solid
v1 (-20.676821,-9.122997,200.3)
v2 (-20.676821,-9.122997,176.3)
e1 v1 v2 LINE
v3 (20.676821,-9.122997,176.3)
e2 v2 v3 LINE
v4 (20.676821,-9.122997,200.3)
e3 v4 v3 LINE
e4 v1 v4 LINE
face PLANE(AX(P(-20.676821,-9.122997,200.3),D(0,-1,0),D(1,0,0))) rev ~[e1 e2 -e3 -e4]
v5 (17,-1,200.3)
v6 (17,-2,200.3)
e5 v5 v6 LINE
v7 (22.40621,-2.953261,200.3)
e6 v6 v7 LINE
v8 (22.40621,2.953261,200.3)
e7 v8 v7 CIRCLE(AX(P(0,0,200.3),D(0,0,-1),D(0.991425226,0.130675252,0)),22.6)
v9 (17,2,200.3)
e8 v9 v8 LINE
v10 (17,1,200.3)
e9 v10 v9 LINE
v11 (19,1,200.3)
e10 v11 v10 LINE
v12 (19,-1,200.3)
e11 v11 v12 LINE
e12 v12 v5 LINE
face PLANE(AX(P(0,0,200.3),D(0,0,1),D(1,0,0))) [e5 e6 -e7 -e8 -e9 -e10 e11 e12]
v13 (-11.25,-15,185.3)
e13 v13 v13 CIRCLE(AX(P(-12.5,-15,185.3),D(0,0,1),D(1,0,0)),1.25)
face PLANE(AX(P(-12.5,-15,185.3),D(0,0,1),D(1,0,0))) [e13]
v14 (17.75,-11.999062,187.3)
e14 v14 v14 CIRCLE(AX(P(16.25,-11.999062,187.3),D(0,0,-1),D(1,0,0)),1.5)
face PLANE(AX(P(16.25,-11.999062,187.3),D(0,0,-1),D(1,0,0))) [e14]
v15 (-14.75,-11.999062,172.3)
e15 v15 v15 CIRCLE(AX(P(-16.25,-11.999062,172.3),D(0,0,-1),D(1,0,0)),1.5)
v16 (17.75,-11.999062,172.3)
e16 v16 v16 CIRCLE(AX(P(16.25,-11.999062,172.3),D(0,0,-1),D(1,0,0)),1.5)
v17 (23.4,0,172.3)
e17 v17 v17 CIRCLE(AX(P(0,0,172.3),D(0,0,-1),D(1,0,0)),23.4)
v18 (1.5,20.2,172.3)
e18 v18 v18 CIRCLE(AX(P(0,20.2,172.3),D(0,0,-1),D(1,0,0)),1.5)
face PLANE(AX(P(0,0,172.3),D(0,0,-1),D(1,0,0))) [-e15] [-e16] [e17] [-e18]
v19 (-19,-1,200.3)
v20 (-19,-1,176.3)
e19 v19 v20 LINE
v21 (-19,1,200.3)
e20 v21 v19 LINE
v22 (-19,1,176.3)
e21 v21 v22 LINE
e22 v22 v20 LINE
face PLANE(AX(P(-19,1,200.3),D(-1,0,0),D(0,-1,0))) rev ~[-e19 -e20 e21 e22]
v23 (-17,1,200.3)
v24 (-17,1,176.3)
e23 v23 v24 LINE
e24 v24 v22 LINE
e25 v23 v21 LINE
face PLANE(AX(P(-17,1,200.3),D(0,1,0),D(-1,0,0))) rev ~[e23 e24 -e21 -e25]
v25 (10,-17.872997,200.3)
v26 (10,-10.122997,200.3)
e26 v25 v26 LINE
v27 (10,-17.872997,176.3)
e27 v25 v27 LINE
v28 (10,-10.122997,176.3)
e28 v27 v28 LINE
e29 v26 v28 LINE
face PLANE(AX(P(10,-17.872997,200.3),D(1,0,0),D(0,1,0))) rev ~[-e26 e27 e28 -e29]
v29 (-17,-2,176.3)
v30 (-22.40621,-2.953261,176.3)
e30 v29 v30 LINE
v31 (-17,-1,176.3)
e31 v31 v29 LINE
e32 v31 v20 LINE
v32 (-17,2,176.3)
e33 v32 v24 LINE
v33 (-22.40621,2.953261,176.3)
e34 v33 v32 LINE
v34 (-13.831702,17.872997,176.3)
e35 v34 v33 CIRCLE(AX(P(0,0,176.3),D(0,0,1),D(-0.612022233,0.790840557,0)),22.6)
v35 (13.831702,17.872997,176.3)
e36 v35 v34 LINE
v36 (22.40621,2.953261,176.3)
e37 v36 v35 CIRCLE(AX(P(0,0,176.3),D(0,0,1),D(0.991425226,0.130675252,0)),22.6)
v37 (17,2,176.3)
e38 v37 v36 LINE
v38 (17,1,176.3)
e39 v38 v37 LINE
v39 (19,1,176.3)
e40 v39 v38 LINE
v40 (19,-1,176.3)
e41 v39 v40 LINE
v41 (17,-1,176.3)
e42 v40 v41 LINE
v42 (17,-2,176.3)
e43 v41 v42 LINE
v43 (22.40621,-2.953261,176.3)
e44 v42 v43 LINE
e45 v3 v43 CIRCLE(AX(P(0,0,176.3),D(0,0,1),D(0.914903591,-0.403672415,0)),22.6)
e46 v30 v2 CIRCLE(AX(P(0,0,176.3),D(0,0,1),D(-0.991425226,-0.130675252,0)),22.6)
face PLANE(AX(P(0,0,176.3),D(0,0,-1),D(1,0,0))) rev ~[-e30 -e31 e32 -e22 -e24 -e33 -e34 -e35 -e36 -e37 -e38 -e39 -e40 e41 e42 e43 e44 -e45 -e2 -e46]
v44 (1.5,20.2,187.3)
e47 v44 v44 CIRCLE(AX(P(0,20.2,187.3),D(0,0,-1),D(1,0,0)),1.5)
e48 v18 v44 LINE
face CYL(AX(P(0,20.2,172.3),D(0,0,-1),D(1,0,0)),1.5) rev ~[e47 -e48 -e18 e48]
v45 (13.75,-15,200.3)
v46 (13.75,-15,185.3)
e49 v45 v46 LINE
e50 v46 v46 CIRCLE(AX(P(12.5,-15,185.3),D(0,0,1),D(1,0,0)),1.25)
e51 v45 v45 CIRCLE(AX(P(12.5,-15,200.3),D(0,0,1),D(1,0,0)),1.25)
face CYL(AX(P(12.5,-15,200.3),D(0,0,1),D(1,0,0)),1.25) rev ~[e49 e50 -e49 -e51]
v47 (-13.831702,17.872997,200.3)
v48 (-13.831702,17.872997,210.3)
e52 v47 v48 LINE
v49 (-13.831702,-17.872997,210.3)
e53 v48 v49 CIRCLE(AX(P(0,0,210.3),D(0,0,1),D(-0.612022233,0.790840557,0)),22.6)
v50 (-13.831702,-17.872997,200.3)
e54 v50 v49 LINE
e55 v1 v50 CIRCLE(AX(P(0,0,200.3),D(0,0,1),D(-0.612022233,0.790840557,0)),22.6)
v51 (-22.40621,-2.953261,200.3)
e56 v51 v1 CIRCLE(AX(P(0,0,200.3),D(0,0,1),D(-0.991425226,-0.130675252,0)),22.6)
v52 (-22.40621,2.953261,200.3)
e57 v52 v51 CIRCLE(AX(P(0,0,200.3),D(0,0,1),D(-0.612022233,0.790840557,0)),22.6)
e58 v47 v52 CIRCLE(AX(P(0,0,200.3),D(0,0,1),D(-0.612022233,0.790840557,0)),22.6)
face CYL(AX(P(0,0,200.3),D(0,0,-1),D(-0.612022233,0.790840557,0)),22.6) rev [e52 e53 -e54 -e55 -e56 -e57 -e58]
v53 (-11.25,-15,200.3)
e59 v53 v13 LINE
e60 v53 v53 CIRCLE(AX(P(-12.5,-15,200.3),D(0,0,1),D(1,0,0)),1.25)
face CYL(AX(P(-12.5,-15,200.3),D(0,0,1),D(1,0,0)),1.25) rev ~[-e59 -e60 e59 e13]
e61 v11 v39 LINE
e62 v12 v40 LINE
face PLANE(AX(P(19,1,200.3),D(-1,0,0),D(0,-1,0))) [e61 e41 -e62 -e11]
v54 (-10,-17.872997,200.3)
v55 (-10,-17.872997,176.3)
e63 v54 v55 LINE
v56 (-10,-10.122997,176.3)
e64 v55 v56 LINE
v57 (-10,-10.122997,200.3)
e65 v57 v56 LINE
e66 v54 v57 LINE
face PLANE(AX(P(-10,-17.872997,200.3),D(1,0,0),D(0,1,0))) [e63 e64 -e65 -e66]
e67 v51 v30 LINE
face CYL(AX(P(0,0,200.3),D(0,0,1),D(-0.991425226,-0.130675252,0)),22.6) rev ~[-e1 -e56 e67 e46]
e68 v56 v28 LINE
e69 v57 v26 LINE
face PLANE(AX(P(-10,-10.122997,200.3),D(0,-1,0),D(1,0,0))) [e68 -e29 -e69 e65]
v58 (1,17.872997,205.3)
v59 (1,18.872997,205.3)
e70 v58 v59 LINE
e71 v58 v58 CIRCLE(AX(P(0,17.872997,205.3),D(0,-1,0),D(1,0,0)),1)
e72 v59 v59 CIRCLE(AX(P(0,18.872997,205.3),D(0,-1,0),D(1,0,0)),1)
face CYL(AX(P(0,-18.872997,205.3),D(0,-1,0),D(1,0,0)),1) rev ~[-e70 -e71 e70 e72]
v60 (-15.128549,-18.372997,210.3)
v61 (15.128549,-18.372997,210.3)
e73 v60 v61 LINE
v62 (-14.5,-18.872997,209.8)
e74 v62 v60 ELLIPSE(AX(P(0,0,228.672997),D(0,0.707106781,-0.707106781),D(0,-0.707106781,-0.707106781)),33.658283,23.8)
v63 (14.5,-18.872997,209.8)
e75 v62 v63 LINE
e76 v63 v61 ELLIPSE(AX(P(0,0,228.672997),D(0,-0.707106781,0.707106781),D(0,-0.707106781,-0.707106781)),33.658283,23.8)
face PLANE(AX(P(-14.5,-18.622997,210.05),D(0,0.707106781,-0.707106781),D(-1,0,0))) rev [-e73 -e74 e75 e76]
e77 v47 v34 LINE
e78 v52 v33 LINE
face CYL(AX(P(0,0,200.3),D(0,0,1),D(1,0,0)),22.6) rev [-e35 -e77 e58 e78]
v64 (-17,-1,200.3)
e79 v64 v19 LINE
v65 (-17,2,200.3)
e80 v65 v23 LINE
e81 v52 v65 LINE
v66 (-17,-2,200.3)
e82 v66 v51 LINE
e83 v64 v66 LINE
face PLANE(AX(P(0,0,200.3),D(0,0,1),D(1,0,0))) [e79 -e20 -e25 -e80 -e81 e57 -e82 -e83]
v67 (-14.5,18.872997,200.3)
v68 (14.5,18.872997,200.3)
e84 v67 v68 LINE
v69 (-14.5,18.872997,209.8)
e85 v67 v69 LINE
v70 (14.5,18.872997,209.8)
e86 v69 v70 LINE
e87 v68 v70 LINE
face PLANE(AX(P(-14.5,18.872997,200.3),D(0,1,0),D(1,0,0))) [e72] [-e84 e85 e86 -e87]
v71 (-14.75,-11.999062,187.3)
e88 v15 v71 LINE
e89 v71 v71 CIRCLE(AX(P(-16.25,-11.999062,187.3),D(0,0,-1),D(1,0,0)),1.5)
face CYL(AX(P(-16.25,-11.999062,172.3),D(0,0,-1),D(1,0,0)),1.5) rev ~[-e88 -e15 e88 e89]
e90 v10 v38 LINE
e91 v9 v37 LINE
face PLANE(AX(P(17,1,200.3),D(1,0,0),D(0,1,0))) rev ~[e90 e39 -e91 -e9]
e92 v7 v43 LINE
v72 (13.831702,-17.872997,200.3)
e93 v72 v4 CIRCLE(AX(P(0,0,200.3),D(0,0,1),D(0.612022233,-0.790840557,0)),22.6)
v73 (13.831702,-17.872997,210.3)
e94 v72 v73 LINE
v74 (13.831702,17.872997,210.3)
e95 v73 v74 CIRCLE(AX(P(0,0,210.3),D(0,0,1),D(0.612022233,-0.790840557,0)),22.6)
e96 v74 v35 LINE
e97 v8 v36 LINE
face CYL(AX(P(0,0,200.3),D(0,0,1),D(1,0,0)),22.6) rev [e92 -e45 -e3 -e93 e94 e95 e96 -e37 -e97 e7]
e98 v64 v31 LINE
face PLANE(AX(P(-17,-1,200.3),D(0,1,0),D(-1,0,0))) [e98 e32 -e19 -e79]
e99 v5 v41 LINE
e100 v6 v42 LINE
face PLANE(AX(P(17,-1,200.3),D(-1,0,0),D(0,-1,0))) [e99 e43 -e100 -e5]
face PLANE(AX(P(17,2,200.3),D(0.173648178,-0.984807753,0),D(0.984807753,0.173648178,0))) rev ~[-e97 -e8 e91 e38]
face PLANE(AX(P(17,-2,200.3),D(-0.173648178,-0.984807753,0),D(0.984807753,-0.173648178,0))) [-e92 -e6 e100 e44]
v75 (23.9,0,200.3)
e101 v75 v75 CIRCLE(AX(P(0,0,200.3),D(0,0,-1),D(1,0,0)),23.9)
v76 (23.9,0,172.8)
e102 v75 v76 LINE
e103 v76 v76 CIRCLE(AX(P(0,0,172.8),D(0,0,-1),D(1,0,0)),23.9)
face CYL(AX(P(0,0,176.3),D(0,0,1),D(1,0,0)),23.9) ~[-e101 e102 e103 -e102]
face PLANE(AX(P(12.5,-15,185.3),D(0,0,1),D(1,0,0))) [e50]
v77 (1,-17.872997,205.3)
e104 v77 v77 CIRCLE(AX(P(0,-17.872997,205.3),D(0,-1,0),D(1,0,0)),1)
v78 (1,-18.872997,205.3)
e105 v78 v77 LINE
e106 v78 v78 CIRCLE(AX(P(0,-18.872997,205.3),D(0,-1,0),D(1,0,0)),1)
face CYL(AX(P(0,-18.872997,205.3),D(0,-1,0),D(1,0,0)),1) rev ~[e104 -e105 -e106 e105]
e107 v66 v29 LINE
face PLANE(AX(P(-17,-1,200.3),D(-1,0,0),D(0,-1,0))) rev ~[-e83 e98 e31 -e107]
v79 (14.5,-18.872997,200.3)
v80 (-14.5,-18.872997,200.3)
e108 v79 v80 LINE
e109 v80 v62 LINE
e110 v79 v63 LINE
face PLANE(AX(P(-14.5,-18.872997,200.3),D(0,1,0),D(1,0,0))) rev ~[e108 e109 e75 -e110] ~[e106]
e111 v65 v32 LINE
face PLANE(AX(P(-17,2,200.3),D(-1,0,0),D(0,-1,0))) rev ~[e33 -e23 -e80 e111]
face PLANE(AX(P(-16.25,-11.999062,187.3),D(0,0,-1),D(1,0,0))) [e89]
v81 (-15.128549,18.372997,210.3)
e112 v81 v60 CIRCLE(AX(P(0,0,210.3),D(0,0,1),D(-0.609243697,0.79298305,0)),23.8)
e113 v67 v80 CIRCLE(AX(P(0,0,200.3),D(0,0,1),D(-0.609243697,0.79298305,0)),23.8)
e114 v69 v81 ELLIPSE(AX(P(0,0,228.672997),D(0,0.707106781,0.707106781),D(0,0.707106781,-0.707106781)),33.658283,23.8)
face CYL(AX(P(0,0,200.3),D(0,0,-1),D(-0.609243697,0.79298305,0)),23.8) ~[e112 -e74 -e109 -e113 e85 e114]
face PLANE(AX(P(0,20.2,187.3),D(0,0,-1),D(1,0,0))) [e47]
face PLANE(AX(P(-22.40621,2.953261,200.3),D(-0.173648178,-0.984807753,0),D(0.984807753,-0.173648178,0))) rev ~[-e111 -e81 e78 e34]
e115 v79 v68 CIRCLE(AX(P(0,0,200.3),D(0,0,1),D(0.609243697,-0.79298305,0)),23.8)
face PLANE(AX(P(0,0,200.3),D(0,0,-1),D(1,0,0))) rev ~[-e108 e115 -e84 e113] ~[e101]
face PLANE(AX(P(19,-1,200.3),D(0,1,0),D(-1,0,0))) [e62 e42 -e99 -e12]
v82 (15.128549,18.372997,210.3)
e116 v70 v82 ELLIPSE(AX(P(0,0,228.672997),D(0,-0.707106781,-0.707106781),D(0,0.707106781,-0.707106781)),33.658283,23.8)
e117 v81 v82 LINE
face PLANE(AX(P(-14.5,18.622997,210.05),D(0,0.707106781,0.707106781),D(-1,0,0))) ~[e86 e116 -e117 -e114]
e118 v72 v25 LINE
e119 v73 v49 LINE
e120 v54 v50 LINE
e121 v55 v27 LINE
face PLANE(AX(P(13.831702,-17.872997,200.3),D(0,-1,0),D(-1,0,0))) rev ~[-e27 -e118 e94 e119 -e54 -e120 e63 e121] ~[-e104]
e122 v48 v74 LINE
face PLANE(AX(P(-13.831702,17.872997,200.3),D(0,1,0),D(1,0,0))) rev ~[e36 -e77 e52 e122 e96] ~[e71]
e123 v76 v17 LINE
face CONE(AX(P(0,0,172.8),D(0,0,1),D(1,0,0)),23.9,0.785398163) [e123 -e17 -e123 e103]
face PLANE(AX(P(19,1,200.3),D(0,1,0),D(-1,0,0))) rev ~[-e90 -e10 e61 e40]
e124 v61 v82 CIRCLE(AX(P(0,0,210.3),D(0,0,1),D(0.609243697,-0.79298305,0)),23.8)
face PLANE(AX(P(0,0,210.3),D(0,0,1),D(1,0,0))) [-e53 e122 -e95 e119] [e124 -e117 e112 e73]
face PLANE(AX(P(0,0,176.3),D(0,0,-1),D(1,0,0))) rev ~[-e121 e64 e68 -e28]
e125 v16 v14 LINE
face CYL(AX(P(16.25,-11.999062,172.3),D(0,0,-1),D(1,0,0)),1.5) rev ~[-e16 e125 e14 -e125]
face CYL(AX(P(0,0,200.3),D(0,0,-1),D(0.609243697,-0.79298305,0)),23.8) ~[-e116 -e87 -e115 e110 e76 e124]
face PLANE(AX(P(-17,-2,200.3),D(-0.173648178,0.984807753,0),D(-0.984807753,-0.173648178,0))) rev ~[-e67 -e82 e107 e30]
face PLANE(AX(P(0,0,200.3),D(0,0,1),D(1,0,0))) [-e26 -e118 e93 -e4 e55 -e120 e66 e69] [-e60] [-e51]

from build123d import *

# Parameters (mm, degrees)
PAD022_DEPTH    = 10
CHAMFER009_SIZE = 0.5
SKETCH040_R     = 23.9
SKETCH040_R_2   = 22.6
PAD023_DEPTH    = 24
SKETCH041_R     = 23.5
SKETCH041_W     = 20
SKETCH041_H     = 7.75
PAD024_DEPTH    = 24
SKETCH042_R     = 23.9
PAD025_DEPTH    = 4
CHAMFER010_SIZE = 0.5
SKETCH043_R     = 1.5
POCKET013_DEPTH = 15
SKETCH044_R     = 1
POCKET014_DEPTH = 100
SKETCH045_R     = 1.25
POCKET015_DEPTH = 15


with BuildPart() as part:
    # Sketch039 → Pad022 (new body)
    with BuildSketch(Plane.XY):
        with BuildLine():
            ThreePointArc((-14.5, 18.8729965824), (-23.8, 0), (-14.5, -18.8729965824))
            Line((-14.5, -18.8729965824), (14.5, -18.8729965824))
            ThreePointArc((14.5, -18.8729965824), (23.8, 0), (14.5, 18.8729965824))
            Line((-14.5, 18.8729965824), (14.5, 18.8729965824))
        make_face()
        with BuildLine():
            ThreePointArc((-13.8317024681, 17.8729965824), (-22.6, 0), (-13.8317024681, -17.8729965824))
            Line((13.8317024681, -17.8729965824), (-13.8317024681, -17.8729965824))
            ThreePointArc((13.8317024681, -17.8729965824), (22.6, 0), (13.8317024681, 17.8729965824))
            Line((-13.8317024681, 17.8729965824), (13.8317024681, 17.8729965824))
        make_face(mode=Mode.SUBTRACT)
    extrude(amount=PAD022_DEPTH)

    # Chamfer009
    chamfer009_edges = [part.edges().sort_by_distance(p)[0] for p in [
        (0, -18.872997, 10),
        (0, 18.872997, 10),
    ]]
    chamfer(chamfer009_edges, length=CHAMFER009_SIZE)

    # Sketch040 (on Face4 of Chamfer009) → Pad023 (join)
    with BuildSketch(Plane(origin=(0, 0, 0), x_dir=(1, 0, 0), z_dir=(0, 0, -1))):
        Circle(SKETCH040_R)
        Circle(SKETCH040_R_2, mode=Mode.SUBTRACT)
    extrude(amount=PAD023_DEPTH)

    # Sketch041 (on Face4 of Pad023) → Pad024 (join)
    with BuildSketch(Plane.XY):
        Circle(SKETCH041_R)
        with BuildLine():
            Line((-22.4062101037, 2.9532607047), (-17, 2))
            Line((-17, 2), (-17, 1))
            Line((-17, 1), (-19, 1))
            Line((-19, 1), (-19, -1))
            Line((-17, -1), (-19, -1))
            Line((-17, -1), (-17, -2))
            Line((-17, -2), (-22.4062101037, -2.9532607047))
            ThreePointArc((-22.4062101037, -2.9532607047), (-21.7612799705, -6.099729014), (-20.6768211618, -9.1229965824))
            Line((-20.6768211618, -9.1229965824), (20.6768211618, -9.1229965824))
            ThreePointArc((20.6768211618, -9.1229965824), (21.7612799705, -6.099729014), (22.4062101037, -2.9532607047))
            Line((17, -2), (22.4062101037, -2.9532607047))
            Line((17, -1), (17, -2))
            Line((19, -1), (17, -1))
            Line((19, 1), (19, -1))
            Line((19, 1), (17, 1))
            Line((17, 1), (17, 2))
            Line((17, 2), (22.4062101037, 2.9532607047))
            ThreePointArc((22.4062101037, 2.9532607047), (19.5945453266, 11.2611630592), (13.8317024681, 17.8729965824))
            Line((13.8317024681, 17.8729965824), (-13.8317024681, 17.8729965824))
            ThreePointArc((-13.8317024681, 17.8729965824), (-19.5945453266, 11.2611630592), (-22.4062101037, 2.9532607047))
        make_face(mode=Mode.SUBTRACT)
        with Locations((0, -13.9979965824)):
            Rectangle(SKETCH041_W, SKETCH041_H, mode=Mode.SUBTRACT)
    extrude(amount=-PAD024_DEPTH)

    # Sketch042 (on Face49 of Pad024) → Pad025 (join)
    with BuildSketch(Plane(origin=(0, 0, -24), x_dir=(1, 0, 0), z_dir=(0, 0, -1))):
        Circle(SKETCH042_R)
    extrude(amount=PAD025_DEPTH)

    # Chamfer010
    chamfer010_edges = [part.edges().sort_by_distance(p)[0] for p in [
        (-23.9, 0, -28),
    ]]
    chamfer(chamfer010_edges, length=CHAMFER010_SIZE)

    # Sketch043 (on Face4 of Chamfer010) → Pocket013 (cut)
    with BuildSketch(Plane(origin=(0, 0, -28), x_dir=(1, 0, 0), z_dir=(0, 0, -1))):
        with Locations((-16.25, 11.9990624634)):
            Circle(SKETCH043_R)
        with Locations((16.25, 11.9990624634)):
            Circle(SKETCH043_R)
        with Locations((0, -20.2)):
            Circle(SKETCH043_R)
    extrude(amount=-POCKET013_DEPTH, mode=Mode.SUBTRACT)

    # Sketch044 (on Face9 of Pocket013) → Pocket014 (cut)
    with BuildSketch(Plane.XZ.offset(18.8729965824)):
        with Locations((0, 5)):
            Circle(SKETCH044_R)
    extrude(amount=-POCKET014_DEPTH, mode=Mode.SUBTRACT)

    # Sketch045 (on Face29 of Pocket014) → Pocket015 (cut)
    with BuildSketch(Plane.XY):
        with Locations((12.5, -15)):
            Circle(SKETCH045_R)
        with Locations((-12.5, -15)):
            Circle(SKETCH045_R)
    extrude(amount=-POCKET015_DEPTH, mode=Mode.SUBTRACT)


with BuildPart() as part_1:
    # Body017 placement: moved
    add(part.part.moved(Location((0, 0, 200.3))))


solid = part_1.part
